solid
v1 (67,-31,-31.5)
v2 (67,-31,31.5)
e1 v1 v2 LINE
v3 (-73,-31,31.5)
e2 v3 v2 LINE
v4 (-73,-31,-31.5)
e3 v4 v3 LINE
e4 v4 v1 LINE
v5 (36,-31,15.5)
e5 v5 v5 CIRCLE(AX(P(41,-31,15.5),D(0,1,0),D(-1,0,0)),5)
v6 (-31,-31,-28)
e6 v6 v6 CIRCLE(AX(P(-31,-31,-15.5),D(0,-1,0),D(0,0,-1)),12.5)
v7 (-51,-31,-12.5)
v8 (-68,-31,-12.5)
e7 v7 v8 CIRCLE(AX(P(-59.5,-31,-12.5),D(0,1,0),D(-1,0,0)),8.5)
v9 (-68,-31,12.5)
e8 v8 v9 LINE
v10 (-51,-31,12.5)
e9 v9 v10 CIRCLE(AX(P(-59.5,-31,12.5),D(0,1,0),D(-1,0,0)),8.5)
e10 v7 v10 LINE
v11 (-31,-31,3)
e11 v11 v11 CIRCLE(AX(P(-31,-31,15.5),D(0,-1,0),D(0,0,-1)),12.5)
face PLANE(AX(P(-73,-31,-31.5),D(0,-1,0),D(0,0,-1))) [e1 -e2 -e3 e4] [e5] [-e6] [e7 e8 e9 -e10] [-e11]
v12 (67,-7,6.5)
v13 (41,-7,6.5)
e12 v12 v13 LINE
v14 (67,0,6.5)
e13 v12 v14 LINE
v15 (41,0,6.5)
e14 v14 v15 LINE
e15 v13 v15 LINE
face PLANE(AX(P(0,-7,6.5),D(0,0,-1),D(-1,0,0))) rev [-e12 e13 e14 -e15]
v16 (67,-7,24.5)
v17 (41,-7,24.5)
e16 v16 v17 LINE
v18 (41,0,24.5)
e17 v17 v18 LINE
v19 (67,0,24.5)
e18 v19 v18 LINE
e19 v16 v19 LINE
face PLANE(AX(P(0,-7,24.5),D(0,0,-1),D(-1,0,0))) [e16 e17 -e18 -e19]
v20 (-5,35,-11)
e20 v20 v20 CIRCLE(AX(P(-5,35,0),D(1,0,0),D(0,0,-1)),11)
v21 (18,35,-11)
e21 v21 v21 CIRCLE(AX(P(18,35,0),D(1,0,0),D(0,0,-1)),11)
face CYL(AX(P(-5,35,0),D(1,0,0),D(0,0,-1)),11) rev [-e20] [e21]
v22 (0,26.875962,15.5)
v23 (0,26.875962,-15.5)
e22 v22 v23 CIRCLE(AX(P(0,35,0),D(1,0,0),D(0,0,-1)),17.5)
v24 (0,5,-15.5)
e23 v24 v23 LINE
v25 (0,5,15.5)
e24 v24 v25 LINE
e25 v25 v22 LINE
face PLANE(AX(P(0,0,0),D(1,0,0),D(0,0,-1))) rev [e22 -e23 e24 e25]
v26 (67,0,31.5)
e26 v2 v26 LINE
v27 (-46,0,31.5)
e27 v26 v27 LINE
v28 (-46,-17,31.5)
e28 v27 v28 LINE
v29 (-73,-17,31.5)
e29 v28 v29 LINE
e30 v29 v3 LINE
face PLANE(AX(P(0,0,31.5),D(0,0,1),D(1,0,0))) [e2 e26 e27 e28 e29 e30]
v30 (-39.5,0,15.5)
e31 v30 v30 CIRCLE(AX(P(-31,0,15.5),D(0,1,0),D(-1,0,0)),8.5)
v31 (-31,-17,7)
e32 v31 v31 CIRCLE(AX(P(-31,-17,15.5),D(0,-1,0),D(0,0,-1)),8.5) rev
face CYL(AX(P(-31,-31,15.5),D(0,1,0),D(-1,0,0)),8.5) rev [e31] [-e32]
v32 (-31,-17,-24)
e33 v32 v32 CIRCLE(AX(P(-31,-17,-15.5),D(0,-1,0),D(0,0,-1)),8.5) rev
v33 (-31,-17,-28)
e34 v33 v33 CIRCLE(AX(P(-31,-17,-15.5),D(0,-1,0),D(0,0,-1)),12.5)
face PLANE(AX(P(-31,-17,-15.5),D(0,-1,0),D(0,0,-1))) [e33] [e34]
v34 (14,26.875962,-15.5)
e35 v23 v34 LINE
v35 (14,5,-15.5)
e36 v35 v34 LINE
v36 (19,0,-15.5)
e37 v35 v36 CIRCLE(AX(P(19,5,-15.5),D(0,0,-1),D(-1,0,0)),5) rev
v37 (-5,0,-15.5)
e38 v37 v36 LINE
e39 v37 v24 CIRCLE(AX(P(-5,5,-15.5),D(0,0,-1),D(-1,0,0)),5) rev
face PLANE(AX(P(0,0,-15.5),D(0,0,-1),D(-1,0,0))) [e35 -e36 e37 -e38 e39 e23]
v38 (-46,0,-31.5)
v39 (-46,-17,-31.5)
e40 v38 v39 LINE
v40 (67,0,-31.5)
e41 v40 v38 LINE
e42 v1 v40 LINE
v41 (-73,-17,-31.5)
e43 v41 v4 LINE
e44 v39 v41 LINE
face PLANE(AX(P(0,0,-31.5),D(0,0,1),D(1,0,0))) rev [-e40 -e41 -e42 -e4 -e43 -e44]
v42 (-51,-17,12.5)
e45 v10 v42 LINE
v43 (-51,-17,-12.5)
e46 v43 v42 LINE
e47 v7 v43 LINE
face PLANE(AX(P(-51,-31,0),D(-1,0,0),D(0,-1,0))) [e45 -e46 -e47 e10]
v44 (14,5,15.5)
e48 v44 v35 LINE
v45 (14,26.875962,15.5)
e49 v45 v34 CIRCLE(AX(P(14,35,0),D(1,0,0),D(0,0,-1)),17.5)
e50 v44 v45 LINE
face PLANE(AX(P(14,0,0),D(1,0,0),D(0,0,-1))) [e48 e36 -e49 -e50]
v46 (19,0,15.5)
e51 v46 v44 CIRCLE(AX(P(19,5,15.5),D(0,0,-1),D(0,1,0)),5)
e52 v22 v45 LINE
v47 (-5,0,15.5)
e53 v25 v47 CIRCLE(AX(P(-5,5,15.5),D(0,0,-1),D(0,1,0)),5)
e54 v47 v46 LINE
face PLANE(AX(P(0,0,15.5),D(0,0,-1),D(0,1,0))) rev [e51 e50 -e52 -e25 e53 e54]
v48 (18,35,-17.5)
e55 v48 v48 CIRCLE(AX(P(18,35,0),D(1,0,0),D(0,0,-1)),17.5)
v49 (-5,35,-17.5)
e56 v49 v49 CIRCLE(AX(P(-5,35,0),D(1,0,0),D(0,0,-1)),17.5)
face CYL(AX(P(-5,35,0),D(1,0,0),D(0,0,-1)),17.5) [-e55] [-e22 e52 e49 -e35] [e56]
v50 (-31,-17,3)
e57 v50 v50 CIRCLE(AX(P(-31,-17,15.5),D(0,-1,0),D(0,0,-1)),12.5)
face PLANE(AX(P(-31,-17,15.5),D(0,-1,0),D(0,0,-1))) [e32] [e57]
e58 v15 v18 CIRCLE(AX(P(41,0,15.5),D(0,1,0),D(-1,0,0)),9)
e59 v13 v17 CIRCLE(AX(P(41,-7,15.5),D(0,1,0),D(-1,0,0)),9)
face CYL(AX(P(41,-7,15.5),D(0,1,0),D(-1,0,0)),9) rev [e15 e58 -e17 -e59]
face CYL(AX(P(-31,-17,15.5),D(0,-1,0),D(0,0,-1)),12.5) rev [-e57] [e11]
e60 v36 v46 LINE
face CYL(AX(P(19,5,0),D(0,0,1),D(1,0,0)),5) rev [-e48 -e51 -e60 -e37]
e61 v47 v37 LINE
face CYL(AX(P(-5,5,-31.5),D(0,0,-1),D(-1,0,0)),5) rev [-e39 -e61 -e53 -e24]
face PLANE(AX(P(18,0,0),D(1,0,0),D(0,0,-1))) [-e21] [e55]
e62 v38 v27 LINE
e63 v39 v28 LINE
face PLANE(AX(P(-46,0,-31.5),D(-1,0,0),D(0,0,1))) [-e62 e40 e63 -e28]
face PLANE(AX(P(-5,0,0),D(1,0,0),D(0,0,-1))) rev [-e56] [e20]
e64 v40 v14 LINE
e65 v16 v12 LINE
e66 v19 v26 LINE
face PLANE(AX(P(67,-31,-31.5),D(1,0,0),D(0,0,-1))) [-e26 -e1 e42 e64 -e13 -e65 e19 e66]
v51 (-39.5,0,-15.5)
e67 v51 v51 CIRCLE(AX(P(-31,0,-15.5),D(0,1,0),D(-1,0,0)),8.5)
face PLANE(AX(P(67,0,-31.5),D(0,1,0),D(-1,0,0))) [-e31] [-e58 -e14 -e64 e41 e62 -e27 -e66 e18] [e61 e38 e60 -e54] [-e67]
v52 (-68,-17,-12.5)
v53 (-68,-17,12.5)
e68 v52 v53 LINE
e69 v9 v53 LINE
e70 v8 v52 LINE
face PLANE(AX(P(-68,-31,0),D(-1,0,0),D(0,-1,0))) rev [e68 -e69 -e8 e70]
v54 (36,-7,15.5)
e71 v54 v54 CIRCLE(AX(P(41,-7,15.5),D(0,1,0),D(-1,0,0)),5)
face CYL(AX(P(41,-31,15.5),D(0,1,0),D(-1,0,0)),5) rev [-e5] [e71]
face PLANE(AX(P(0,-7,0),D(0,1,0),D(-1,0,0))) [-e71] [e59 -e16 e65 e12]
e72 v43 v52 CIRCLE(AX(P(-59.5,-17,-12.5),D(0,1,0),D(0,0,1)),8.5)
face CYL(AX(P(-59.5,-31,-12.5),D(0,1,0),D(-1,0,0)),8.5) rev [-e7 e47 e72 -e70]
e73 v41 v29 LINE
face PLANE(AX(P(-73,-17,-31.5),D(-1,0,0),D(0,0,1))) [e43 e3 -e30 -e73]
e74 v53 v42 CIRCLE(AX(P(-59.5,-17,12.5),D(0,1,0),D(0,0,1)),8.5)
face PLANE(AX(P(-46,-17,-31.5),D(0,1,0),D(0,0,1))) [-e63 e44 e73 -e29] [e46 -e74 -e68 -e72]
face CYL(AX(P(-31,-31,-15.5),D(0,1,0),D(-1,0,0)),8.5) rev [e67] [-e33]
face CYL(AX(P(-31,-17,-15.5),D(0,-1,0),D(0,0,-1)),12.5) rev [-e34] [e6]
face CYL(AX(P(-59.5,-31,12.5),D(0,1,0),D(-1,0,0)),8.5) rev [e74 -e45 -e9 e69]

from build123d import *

# Parameters (mm, degrees)
BOSS_EXTRUDE1_DEPTH      = 31.5
SKETCH3_R                = 5
CUT_EXTRUDE1_DEPTH       = 86.336100216
SKETCH3_3_R              = 5
CUT_EXTRUDE2_DEPTH       = 7
SKETCH3_5_R              = 8.5
CUT_EXTRUDE3_DEPTH       = 86.336100216
CUT_EXTRUDE4_DEPTH       = 86.336100216
SKETCH4_R                = 12.5
CUT_EXTRUDE5_DEPTH       = 14
BOSS_EXTRUDE2_DEPTH      = 14
BOSS_EXTRUDE2_DEPTH_BACK = 9
SKETCH5_R                = 11
BOSS_EXTRUDE4_DEPTH      = 10
BOSS_EXTRUDE4_DEPTH_BACK = 4
FILLET1_R                = 5


with BuildPart() as part:
    # Sketch1 → Boss-Extrude1 (new, symmetric)
    with BuildSketch(Plane.XY):
        Polygon((-73, -31), (67, -31), (67, 0), (-46, 0), (-46, -17), (-73, -17), align=None)
    extrude(amount=BOSS_EXTRUDE1_DEPTH, both=True)

    # Sketch3 → Cut-Extrude1 (cut, through all)
    with BuildSketch(Plane(origin=(0, 0, 0), x_dir=(1, 0, 0), z_dir=(0, 1, 0))):
        with Locations((41, -15.5)):
            Circle(SKETCH3_R)
    extrude(amount=-CUT_EXTRUDE1_DEPTH, mode=Mode.SUBTRACT)

    # Sketch3<3> → Cut-Extrude2 (cut)
    with BuildSketch(Plane(origin=(0, 0, 0), x_dir=(1, 0, 0), z_dir=(0, 1, 0))):
        with BuildLine():
            Line((41, -24.5), (67, -24.5))
            Line((67, -24.5), (67, -6.5))
            Line((67, -6.5), (41, -6.5))
            ThreePointArc((41, -6.5), (32, -15.5), (41, -24.5))
        make_face()
        with Locations((41, -15.5)):
            Circle(SKETCH3_3_R, mode=Mode.SUBTRACT)
    extrude(amount=-CUT_EXTRUDE2_DEPTH, mode=Mode.SUBTRACT)

    # Sketch3<5> → Cut-Extrude3 (cut, through all)
    with BuildSketch(Plane(origin=(0, 0, 0), x_dir=(1, 0, 0), z_dir=(0, 1, 0))):
        with Locations((-31, 15.5)):
            Circle(SKETCH3_5_R)
        with Locations((-31, -15.5)):
            Circle(SKETCH3_5_R)
    extrude(amount=-CUT_EXTRUDE3_DEPTH, mode=Mode.SUBTRACT)

    # Sketch3<6> → Cut-Extrude4 (cut, through all)
    with BuildSketch(Plane(origin=(0, 0, 0), x_dir=(1, 0, 0), z_dir=(0, 1, 0))):
        with BuildLine():
            Line((-51, -12.5), (-51, 12.5))
            ThreePointArc((-51, 12.5), (-59.5, 21), (-68, 12.5))
            Line((-68, 12.5), (-68, -12.5))
            ThreePointArc((-68, -12.5), (-59.5, -21), (-51, -12.5))
        make_face()
    extrude(amount=-CUT_EXTRUDE4_DEPTH, mode=Mode.SUBTRACT)

    # Sketch4 → Cut-Extrude5 (cut)
    with BuildSketch(Plane.XZ.offset(31)):
        with Locations((-31, 15.5)):
            Circle(SKETCH4_R)
        with Locations((-31, -15.5)):
            Circle(SKETCH4_R)
    extrude(amount=-CUT_EXTRUDE5_DEPTH, mode=Mode.SUBTRACT)



with BuildPart() as body_2:
    # Sketch5 → Boss-Extrude2 (new, two sides: drawn at the far end of the back side and taken through both)
    with BuildSketch(Plane(origin=(4, 0, 0), x_dir=(0, 0, -1), z_dir=(1, 0, 0)).offset(-BOSS_EXTRUDE2_DEPTH_BACK)):
        with BuildLine():
            ThreePointArc((-15.5, 26.875961595), (0, 17.5), (15.5, 26.875961595))
            ThreePointArc((15.5, 26.875961595), (16.992645468, 30.816699867), (17.5, 35))
            ThreePointArc((17.5, 35), (-4.183300133, 51.992645468), (-15.5, 26.875961595))
        make_face()
        with Locations((0, 35)):
            Circle(SKETCH5_R, mode=Mode.SUBTRACT)
    extrude(amount=BOSS_EXTRUDE2_DEPTH + BOSS_EXTRUDE2_DEPTH_BACK)


with BuildPart() as part_1:
    add(part.part)

    add(body_2.part)  # Boss-Extrude4 merges body 2
    # Sketch5<6> → Boss-Extrude4 (add, two sides: drawn at the far end of the back side and taken through both)
    with BuildSketch(Plane(origin=(4, 0, 0), x_dir=(0, 0, -1), z_dir=(1, 0, 0)).offset(-BOSS_EXTRUDE4_DEPTH_BACK)):
        with BuildLine():
            Line((-15.5, 0), (15.5, 0))
            Line((15.5, 0), (15.5, 26.875961595))
            ThreePointArc((15.5, 26.875961595), (0, 17.5), (-15.5, 26.875961595))
            Line((-15.5, 26.875961595), (-15.5, 0))
        make_face()
    extrude(amount=BOSS_EXTRUDE4_DEPTH + BOSS_EXTRUDE4_DEPTH_BACK)

    # Fillet1
    fillet1_edges = [part_1.edges().sort_by_distance(p)[0] for p in [
        (14, 0, 0),
        (0, 0, 0),
    ]]
    fillet(fillet1_edges, radius=FILLET1_R)


solid = part_1.part
